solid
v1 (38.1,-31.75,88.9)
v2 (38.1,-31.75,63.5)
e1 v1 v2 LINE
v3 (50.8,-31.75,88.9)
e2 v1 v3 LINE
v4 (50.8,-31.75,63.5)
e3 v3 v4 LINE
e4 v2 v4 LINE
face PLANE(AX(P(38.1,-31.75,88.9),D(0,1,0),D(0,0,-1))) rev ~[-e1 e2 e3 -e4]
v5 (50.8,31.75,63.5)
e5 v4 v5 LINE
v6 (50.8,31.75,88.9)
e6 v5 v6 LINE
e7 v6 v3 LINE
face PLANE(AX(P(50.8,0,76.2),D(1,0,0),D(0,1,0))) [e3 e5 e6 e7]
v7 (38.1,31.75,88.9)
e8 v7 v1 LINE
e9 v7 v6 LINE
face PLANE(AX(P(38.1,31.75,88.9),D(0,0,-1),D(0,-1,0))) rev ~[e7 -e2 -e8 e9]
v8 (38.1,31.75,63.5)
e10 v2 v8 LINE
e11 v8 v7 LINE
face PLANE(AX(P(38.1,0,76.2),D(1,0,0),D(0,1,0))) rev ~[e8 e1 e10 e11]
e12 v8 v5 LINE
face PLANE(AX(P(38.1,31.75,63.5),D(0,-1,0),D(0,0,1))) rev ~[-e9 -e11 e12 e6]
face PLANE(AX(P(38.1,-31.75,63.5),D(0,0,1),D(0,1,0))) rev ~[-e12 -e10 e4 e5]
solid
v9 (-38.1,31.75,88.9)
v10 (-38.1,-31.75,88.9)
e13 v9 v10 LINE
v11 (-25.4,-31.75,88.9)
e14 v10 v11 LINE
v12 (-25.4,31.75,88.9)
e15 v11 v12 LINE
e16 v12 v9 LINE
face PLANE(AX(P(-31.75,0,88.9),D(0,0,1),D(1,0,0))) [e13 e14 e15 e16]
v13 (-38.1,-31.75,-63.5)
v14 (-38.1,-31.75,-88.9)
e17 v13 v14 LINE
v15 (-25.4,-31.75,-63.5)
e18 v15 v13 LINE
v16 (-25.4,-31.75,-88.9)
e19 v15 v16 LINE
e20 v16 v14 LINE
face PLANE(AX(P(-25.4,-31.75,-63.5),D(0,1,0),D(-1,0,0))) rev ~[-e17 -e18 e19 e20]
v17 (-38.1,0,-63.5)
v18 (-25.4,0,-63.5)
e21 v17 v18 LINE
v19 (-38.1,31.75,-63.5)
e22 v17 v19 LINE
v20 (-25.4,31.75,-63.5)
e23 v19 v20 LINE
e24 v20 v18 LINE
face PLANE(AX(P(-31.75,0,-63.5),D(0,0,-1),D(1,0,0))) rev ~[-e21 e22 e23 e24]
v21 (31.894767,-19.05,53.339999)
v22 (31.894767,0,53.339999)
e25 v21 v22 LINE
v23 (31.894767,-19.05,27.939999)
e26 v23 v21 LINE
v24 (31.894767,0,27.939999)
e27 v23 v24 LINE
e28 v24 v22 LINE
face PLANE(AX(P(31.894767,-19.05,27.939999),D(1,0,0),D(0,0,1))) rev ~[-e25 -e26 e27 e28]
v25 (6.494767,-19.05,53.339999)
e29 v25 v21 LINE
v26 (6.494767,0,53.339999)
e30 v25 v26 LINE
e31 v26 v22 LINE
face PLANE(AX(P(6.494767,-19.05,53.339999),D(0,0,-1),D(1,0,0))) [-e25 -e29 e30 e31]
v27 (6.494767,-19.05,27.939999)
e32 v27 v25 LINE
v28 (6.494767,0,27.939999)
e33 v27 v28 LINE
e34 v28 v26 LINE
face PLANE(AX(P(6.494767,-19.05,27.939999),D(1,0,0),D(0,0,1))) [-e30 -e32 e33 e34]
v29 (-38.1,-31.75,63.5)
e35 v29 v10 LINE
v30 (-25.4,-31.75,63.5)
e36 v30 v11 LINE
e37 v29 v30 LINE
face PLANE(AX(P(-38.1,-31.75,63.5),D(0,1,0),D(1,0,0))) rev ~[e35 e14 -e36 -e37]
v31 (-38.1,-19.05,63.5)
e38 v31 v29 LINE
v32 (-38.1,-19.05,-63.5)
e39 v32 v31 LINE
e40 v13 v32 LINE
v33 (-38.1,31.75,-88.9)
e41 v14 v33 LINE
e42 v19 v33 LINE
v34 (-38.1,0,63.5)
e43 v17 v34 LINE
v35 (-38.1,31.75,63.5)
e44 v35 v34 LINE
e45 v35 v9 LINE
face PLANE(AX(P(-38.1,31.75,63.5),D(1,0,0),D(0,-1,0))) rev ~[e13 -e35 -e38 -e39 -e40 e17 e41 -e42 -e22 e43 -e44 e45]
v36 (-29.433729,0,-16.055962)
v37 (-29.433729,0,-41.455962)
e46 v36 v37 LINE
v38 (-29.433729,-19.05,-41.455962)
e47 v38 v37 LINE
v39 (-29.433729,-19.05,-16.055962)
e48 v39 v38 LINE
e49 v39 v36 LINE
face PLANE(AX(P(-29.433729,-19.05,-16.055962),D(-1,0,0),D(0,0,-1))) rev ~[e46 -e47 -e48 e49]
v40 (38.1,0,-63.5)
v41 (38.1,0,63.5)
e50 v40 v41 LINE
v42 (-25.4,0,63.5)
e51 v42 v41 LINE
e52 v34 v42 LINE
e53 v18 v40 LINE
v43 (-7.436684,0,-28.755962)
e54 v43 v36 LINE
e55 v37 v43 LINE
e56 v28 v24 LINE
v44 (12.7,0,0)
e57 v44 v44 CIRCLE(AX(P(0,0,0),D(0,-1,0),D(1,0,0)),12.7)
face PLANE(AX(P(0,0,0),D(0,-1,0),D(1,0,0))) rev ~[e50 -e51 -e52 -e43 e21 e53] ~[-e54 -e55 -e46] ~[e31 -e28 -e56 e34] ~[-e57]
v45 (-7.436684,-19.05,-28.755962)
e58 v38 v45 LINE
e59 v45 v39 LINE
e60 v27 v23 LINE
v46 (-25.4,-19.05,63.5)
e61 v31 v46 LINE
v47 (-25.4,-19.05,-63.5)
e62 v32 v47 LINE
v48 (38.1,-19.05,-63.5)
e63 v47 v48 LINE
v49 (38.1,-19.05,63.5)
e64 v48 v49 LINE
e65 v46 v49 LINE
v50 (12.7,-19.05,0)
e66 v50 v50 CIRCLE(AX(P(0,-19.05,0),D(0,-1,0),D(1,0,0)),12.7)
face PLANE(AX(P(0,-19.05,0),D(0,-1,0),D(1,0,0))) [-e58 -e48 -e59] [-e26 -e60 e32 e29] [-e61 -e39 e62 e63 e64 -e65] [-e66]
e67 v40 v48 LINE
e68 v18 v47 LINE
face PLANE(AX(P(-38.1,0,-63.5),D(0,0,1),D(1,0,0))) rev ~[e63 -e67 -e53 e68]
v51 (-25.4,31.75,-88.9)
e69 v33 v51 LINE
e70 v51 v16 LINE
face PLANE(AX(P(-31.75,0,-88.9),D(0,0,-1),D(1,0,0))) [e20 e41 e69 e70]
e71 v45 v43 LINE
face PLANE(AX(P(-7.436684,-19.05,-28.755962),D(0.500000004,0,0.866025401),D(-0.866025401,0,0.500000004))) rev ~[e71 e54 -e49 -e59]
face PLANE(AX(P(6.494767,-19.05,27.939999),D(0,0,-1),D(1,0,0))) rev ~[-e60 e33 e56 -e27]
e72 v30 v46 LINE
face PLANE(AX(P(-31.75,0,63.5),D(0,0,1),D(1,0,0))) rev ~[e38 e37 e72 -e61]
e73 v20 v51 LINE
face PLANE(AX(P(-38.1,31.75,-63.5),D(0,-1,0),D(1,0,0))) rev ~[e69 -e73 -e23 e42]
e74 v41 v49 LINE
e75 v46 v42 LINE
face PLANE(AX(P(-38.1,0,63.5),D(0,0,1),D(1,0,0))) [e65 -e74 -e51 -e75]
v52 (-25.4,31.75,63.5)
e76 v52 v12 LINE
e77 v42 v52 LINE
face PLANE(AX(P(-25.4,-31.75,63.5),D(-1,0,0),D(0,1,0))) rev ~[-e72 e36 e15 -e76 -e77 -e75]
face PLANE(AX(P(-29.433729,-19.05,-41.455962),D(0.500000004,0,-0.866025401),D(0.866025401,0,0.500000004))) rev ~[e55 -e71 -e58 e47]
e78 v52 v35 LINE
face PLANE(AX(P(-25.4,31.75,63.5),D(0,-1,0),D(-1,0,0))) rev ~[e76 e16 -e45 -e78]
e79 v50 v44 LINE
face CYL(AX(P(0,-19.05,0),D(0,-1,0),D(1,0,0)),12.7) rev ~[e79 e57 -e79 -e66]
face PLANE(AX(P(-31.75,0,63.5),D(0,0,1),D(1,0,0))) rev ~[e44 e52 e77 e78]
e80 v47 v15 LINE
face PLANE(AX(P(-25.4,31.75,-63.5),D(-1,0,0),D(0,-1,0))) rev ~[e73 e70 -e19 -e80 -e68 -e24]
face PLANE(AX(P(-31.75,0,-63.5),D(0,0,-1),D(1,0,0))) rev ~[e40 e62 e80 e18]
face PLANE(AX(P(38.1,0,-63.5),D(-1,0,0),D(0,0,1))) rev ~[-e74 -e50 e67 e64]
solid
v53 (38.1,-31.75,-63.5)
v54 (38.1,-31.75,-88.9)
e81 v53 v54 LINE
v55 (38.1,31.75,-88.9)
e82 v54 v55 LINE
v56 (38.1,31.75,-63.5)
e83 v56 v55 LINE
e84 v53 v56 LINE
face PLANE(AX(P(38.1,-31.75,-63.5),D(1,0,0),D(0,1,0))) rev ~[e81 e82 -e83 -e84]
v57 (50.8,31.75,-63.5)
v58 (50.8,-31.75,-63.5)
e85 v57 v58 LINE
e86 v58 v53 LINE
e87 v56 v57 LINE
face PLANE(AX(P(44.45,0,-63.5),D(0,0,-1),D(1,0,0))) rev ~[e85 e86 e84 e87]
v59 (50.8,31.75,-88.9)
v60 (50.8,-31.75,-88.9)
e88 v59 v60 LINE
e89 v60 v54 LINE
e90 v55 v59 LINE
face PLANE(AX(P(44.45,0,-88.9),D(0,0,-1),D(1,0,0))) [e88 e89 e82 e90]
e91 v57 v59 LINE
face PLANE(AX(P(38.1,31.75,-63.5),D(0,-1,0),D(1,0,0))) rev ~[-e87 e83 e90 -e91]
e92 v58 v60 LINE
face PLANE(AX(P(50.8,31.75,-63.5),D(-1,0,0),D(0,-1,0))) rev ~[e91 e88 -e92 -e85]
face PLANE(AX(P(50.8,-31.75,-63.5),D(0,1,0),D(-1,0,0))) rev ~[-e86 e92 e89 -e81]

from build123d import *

# Parameters (mm, degrees)
F0_W      = 76.2
F0_H      = 127
F1_DEPTH  = 19.05
F2_W      = 25.4
F2_H      = 25.4
F3_DEPTH  = 50.8
F4_R      = 12.7
F5_DEPTH  = 50.8
F7_DEPTH  = 50.8
F9_DEPTH  = 25.4
F11_DEPTH = 25.4
F13_DEPTH = 25.4
F15_DEPTH = 12.7


with BuildPart() as f1:
    # F0 (on Front) → F1 (new body)
    with BuildSketch(Plane.XZ):
        Rectangle(F0_W, F0_H)
    extrude(amount=F1_DEPTH)

    # F2 (on face) → F3 (cut)
    with BuildSketch(Plane.XZ.offset(19.05)):
        with Locations((19.194767, 40.639999)):
            Rectangle(F2_W, F2_H)
    extrude(amount=-F3_DEPTH, mode=Mode.SUBTRACT)

    # F4 (on face) → F5 (cut)
    with BuildSketch(Plane.XZ.offset(19.05)):
        Circle(F4_R)
    extrude(amount=-F5_DEPTH, mode=Mode.SUBTRACT)

    # F6 (on face) → F7 (cut)
    with BuildSketch(Plane.XZ.offset(19.05)):
        Polygon((-7.436684, -28.755962), (-29.433729, -16.055962), (-29.433729, -41.455962), align=None)
    extrude(amount=-F7_DEPTH, mode=Mode.SUBTRACT)

    # F8 (on face) → F9 (join)
    with BuildSketch(Plane(origin=(0, 0, -63.5), x_dir=(1, 0, 0), z_dir=(0, 0, -1))):
        Polygon((-38.1, 31.75), (-38.1, 19.05), (-38.1, -31.75), (-25.4, -31.75), (-25.4, 19.05), (-25.4, 31.75), align=None)
    extrude(amount=F9_DEPTH)

    # F10 (on face) → F11 (join)
    with BuildSketch(Plane.XY.offset(63.5)):
        Polygon((-38.1, -31.75), (-25.4, -31.75), (-25.4, -19.05), (-25.4, 31.75), (-38.1, 31.75), (-38.1, -19.05), align=None)
    extrude(amount=F11_DEPTH)


with BuildPart() as f13:
    # F12 (on face) → F13 (new body)
    with BuildSketch(Plane(origin=(0, 0, -63.5), x_dir=(1, 0, 0), z_dir=(0, 0, -1))):
        Polygon((38.1, 31.75), (38.1, 19.05), (38.1, -31.75), (50.8, -31.75), (50.8, 31.75), align=None)
    extrude(amount=F13_DEPTH)


with BuildPart() as f15:
    # F14 (on face) → F15 (new body)
    with BuildSketch(Plane.YZ.offset(38.1)):
        Polygon((-31.75, 63.5), (-19.05, 63.5), (31.75, 63.5), (31.75, 88.9), (-31.75, 88.9), align=None)
    extrude(amount=F15_DEPTH)


solid = Compound([f1.part, f13.part, f15.part])
